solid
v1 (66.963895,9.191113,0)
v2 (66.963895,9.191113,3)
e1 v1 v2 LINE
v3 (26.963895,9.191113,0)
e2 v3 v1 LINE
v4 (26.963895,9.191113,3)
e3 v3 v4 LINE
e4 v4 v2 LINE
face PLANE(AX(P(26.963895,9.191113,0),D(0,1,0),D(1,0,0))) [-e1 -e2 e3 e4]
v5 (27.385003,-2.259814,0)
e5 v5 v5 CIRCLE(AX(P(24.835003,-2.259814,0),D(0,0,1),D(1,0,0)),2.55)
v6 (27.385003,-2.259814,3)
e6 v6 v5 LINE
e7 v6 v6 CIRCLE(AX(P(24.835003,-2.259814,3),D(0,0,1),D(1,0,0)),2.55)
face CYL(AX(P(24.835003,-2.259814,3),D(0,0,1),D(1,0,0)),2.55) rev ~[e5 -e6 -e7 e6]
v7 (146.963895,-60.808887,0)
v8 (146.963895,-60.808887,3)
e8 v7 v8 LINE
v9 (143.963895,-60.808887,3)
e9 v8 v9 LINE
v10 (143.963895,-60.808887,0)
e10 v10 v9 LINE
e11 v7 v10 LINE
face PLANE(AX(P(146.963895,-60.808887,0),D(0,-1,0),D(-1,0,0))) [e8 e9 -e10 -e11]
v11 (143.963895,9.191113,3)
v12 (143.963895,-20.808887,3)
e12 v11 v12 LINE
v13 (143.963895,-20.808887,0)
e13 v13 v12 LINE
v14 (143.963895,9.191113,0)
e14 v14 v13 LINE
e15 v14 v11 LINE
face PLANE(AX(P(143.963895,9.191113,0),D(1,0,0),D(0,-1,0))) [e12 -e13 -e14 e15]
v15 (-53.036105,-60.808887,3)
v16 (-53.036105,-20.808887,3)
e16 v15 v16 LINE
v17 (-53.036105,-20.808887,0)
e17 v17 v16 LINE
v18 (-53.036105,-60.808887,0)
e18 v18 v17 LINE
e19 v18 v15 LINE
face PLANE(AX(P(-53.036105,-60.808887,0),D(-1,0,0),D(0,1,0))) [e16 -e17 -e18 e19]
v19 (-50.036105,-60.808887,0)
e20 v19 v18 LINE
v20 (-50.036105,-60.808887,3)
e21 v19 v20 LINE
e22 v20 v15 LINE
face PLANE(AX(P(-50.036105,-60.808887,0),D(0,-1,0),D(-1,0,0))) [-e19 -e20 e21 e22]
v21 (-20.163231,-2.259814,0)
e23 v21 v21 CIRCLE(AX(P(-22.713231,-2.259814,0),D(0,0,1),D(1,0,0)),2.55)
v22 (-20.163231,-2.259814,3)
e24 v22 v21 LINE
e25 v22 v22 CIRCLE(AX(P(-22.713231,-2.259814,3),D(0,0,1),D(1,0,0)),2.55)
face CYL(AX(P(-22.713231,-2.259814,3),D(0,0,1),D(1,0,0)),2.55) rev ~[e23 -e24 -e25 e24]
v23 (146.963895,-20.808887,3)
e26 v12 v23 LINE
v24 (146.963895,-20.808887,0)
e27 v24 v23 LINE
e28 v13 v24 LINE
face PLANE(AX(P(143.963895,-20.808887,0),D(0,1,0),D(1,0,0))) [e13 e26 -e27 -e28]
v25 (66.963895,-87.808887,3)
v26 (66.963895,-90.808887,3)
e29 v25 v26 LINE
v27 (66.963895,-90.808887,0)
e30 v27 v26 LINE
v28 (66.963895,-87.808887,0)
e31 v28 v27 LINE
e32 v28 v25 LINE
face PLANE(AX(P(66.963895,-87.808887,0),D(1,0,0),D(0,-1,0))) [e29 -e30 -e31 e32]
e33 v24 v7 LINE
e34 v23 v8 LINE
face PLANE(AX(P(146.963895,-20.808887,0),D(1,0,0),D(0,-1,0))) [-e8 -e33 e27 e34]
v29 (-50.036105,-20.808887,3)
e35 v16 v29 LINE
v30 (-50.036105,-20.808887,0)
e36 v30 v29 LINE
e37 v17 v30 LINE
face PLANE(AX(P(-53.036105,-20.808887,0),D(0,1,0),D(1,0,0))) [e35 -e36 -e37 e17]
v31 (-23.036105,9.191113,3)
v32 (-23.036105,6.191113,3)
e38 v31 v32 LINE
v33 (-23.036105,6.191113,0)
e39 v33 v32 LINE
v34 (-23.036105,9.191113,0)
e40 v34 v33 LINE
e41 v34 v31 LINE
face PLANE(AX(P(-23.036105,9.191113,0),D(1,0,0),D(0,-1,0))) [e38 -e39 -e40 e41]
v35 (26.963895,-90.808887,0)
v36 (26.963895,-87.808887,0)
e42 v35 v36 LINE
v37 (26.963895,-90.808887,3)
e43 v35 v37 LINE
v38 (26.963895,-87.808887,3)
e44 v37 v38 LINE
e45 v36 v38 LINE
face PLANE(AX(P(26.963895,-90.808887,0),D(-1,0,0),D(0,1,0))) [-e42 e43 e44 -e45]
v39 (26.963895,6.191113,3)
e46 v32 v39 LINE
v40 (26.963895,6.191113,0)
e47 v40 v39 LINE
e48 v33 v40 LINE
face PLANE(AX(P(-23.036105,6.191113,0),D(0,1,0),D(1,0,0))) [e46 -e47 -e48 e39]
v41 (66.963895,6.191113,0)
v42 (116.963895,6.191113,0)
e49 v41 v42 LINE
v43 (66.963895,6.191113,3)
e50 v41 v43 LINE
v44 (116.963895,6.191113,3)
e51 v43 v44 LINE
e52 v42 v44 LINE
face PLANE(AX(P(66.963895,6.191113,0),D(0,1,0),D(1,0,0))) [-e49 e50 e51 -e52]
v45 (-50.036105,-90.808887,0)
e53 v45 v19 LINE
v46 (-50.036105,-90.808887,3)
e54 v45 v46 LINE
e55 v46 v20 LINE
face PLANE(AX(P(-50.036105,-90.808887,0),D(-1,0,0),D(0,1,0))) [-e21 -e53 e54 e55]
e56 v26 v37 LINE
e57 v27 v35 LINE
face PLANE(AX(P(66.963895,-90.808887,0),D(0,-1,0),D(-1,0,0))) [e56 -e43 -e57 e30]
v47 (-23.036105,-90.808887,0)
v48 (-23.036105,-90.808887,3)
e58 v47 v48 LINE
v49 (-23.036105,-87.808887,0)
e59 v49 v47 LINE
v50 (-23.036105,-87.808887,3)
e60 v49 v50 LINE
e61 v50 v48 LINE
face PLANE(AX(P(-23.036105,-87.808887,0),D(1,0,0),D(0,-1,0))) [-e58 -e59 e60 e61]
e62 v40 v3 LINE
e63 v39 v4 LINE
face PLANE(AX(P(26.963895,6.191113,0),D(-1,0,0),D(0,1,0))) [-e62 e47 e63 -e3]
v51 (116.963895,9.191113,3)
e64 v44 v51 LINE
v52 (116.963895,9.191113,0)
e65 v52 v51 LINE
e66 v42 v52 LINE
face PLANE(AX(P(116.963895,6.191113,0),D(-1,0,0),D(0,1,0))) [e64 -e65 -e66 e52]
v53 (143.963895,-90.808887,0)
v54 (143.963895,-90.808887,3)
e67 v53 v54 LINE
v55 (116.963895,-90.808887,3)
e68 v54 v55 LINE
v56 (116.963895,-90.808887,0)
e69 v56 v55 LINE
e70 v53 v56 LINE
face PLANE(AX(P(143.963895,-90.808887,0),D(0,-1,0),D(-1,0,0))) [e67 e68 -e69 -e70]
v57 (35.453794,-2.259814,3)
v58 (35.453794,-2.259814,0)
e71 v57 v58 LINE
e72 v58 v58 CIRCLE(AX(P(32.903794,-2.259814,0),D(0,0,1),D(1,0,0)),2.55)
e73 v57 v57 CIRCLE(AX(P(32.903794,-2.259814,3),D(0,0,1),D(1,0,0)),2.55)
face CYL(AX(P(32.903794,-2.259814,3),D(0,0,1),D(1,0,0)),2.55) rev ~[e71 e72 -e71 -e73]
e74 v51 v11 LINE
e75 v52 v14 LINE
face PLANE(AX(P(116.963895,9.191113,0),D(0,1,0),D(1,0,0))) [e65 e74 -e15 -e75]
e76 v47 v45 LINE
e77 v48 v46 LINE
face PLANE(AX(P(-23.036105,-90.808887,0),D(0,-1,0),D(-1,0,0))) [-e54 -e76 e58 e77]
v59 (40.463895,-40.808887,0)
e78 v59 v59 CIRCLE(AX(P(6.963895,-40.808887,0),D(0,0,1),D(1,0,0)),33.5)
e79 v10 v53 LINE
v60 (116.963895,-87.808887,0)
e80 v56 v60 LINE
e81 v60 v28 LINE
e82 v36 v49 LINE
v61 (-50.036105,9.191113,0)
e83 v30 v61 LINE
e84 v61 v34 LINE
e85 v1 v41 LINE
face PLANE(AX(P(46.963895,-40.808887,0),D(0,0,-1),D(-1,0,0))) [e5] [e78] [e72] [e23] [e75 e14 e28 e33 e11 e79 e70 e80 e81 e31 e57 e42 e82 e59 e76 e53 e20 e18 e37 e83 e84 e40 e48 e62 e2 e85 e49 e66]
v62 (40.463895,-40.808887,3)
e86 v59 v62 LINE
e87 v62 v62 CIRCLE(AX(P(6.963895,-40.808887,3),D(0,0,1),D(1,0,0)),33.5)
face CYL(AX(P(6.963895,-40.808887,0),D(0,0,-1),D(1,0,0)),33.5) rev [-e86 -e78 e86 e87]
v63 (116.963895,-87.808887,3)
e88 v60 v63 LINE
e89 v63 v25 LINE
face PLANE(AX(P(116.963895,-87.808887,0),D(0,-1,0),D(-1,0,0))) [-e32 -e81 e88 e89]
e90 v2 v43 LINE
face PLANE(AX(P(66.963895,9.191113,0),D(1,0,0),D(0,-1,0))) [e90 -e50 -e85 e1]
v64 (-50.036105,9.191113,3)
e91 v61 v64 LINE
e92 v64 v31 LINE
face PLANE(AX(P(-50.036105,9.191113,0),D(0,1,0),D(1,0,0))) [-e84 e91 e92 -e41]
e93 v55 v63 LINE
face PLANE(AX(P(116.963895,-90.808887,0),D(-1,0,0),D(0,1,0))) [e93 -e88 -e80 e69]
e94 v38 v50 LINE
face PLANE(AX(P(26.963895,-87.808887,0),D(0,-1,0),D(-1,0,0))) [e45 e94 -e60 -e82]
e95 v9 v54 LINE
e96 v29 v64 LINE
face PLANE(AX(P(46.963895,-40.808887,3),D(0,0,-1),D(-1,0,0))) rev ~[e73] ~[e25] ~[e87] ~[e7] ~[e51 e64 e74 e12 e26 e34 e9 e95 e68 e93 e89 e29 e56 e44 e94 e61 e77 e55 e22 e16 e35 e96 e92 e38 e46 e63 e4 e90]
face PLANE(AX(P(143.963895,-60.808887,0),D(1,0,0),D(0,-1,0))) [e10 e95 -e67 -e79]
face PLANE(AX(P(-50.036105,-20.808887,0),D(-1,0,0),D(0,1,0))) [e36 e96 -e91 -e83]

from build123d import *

# Parameters (mm, degrees)
ESQUISSE2_R             = 33.5
BOSS_EXTRU_1_DEPTH      = 3
ENL_V_MAT_EXTRU_1_REACH = 174.782
ESQUISSE3_R             = 2.55


with BuildPart() as part:
    # Esquisse2 → Boss.-Extru.1 (new body)
    with BuildSketch(Plane.XY):
        Polygon((26.963895135, 9.191113465), (66.963895135, 9.191113465), (66.963895135, 6.191113465), (116.963895135, 6.191113465), (116.963895135, 9.191113465), (143.963895135, 9.191113465), (143.963895135, -20.808886535), (146.963895135, -20.808886535), (146.963895135, -60.808886535), (143.963895135, -60.808886535), (143.963895135, -90.808886535), (116.963895135, -90.808886535), (116.963895135, -87.808886535), (66.963895135, -87.808886535), (66.963895135, -90.808886535), (26.963895135, -90.808886535), (26.963895135, -87.808886535), (-23.036104865, -87.808886535), (-23.036104865, -90.808886535), (-50.036104865, -90.808886535), (-50.036104865, -60.808886535), (-53.036104865, -60.808886535), (-53.036104865, -20.808886535), (-50.036104865, -20.808886535), (-50.036104865, 9.191113465), (-23.036104865, 9.191113465), (-23.036104865, 6.191113465), (26.963895135, 6.191113465), align=None)
        with Locations((6.963895135, -40.808886535)):
            Circle(ESQUISSE2_R, mode=Mode.SUBTRACT)
    extrude(amount=BOSS_EXTRU_1_DEPTH)

    # Esquisse3 → Enlèv. mat.-Extru.1 (cut, up to next)
    with BuildSketch(Plane.XY.offset(3), mode=Mode.PRIVATE) as enl_v_mat_extru_1_sk1:
        with Locations((24.835002906, -2.259814335)):
            Circle(ESQUISSE3_R)
    enl_v_mat_extru_1_tool1 = extrude(enl_v_mat_extru_1_sk1.sketch, amount=-ENL_V_MAT_EXTRU_1_REACH, mode=Mode.PRIVATE) & part.part
    # Esquisse3 → Enlèv. mat.-Extru.1 (cut, up to next)
    with BuildSketch(Plane.XY.offset(3), mode=Mode.PRIVATE) as enl_v_mat_extru_1_sk2:
        with Locations((32.903794199, -2.259814335)):
            Circle(ESQUISSE3_R)
    enl_v_mat_extru_1_tool2 = extrude(enl_v_mat_extru_1_sk2.sketch, amount=-ENL_V_MAT_EXTRU_1_REACH, mode=Mode.PRIVATE) & part.part
    # Esquisse3 → Enlèv. mat.-Extru.1 (cut, up to next)
    with BuildSketch(Plane.XY.offset(3), mode=Mode.PRIVATE) as enl_v_mat_extru_1_sk3:
        with Locations((-22.713231498, -2.259814335)):
            Circle(ESQUISSE3_R)
    enl_v_mat_extru_1_tool3 = extrude(enl_v_mat_extru_1_sk3.sketch, amount=-ENL_V_MAT_EXTRU_1_REACH, mode=Mode.PRIVATE) & part.part
    add(enl_v_mat_extru_1_tool1.solids().sort_by_distance((24.835003, -2.259814, 3))[0], mode=Mode.SUBTRACT)
    add(enl_v_mat_extru_1_tool2.solids().sort_by_distance((32.903794, -2.259814, 3))[0], mode=Mode.SUBTRACT)
    add(enl_v_mat_extru_1_tool3.solids().sort_by_distance((-22.713231, -2.259814, 3))[0], mode=Mode.SUBTRACT)


solid = part.part
